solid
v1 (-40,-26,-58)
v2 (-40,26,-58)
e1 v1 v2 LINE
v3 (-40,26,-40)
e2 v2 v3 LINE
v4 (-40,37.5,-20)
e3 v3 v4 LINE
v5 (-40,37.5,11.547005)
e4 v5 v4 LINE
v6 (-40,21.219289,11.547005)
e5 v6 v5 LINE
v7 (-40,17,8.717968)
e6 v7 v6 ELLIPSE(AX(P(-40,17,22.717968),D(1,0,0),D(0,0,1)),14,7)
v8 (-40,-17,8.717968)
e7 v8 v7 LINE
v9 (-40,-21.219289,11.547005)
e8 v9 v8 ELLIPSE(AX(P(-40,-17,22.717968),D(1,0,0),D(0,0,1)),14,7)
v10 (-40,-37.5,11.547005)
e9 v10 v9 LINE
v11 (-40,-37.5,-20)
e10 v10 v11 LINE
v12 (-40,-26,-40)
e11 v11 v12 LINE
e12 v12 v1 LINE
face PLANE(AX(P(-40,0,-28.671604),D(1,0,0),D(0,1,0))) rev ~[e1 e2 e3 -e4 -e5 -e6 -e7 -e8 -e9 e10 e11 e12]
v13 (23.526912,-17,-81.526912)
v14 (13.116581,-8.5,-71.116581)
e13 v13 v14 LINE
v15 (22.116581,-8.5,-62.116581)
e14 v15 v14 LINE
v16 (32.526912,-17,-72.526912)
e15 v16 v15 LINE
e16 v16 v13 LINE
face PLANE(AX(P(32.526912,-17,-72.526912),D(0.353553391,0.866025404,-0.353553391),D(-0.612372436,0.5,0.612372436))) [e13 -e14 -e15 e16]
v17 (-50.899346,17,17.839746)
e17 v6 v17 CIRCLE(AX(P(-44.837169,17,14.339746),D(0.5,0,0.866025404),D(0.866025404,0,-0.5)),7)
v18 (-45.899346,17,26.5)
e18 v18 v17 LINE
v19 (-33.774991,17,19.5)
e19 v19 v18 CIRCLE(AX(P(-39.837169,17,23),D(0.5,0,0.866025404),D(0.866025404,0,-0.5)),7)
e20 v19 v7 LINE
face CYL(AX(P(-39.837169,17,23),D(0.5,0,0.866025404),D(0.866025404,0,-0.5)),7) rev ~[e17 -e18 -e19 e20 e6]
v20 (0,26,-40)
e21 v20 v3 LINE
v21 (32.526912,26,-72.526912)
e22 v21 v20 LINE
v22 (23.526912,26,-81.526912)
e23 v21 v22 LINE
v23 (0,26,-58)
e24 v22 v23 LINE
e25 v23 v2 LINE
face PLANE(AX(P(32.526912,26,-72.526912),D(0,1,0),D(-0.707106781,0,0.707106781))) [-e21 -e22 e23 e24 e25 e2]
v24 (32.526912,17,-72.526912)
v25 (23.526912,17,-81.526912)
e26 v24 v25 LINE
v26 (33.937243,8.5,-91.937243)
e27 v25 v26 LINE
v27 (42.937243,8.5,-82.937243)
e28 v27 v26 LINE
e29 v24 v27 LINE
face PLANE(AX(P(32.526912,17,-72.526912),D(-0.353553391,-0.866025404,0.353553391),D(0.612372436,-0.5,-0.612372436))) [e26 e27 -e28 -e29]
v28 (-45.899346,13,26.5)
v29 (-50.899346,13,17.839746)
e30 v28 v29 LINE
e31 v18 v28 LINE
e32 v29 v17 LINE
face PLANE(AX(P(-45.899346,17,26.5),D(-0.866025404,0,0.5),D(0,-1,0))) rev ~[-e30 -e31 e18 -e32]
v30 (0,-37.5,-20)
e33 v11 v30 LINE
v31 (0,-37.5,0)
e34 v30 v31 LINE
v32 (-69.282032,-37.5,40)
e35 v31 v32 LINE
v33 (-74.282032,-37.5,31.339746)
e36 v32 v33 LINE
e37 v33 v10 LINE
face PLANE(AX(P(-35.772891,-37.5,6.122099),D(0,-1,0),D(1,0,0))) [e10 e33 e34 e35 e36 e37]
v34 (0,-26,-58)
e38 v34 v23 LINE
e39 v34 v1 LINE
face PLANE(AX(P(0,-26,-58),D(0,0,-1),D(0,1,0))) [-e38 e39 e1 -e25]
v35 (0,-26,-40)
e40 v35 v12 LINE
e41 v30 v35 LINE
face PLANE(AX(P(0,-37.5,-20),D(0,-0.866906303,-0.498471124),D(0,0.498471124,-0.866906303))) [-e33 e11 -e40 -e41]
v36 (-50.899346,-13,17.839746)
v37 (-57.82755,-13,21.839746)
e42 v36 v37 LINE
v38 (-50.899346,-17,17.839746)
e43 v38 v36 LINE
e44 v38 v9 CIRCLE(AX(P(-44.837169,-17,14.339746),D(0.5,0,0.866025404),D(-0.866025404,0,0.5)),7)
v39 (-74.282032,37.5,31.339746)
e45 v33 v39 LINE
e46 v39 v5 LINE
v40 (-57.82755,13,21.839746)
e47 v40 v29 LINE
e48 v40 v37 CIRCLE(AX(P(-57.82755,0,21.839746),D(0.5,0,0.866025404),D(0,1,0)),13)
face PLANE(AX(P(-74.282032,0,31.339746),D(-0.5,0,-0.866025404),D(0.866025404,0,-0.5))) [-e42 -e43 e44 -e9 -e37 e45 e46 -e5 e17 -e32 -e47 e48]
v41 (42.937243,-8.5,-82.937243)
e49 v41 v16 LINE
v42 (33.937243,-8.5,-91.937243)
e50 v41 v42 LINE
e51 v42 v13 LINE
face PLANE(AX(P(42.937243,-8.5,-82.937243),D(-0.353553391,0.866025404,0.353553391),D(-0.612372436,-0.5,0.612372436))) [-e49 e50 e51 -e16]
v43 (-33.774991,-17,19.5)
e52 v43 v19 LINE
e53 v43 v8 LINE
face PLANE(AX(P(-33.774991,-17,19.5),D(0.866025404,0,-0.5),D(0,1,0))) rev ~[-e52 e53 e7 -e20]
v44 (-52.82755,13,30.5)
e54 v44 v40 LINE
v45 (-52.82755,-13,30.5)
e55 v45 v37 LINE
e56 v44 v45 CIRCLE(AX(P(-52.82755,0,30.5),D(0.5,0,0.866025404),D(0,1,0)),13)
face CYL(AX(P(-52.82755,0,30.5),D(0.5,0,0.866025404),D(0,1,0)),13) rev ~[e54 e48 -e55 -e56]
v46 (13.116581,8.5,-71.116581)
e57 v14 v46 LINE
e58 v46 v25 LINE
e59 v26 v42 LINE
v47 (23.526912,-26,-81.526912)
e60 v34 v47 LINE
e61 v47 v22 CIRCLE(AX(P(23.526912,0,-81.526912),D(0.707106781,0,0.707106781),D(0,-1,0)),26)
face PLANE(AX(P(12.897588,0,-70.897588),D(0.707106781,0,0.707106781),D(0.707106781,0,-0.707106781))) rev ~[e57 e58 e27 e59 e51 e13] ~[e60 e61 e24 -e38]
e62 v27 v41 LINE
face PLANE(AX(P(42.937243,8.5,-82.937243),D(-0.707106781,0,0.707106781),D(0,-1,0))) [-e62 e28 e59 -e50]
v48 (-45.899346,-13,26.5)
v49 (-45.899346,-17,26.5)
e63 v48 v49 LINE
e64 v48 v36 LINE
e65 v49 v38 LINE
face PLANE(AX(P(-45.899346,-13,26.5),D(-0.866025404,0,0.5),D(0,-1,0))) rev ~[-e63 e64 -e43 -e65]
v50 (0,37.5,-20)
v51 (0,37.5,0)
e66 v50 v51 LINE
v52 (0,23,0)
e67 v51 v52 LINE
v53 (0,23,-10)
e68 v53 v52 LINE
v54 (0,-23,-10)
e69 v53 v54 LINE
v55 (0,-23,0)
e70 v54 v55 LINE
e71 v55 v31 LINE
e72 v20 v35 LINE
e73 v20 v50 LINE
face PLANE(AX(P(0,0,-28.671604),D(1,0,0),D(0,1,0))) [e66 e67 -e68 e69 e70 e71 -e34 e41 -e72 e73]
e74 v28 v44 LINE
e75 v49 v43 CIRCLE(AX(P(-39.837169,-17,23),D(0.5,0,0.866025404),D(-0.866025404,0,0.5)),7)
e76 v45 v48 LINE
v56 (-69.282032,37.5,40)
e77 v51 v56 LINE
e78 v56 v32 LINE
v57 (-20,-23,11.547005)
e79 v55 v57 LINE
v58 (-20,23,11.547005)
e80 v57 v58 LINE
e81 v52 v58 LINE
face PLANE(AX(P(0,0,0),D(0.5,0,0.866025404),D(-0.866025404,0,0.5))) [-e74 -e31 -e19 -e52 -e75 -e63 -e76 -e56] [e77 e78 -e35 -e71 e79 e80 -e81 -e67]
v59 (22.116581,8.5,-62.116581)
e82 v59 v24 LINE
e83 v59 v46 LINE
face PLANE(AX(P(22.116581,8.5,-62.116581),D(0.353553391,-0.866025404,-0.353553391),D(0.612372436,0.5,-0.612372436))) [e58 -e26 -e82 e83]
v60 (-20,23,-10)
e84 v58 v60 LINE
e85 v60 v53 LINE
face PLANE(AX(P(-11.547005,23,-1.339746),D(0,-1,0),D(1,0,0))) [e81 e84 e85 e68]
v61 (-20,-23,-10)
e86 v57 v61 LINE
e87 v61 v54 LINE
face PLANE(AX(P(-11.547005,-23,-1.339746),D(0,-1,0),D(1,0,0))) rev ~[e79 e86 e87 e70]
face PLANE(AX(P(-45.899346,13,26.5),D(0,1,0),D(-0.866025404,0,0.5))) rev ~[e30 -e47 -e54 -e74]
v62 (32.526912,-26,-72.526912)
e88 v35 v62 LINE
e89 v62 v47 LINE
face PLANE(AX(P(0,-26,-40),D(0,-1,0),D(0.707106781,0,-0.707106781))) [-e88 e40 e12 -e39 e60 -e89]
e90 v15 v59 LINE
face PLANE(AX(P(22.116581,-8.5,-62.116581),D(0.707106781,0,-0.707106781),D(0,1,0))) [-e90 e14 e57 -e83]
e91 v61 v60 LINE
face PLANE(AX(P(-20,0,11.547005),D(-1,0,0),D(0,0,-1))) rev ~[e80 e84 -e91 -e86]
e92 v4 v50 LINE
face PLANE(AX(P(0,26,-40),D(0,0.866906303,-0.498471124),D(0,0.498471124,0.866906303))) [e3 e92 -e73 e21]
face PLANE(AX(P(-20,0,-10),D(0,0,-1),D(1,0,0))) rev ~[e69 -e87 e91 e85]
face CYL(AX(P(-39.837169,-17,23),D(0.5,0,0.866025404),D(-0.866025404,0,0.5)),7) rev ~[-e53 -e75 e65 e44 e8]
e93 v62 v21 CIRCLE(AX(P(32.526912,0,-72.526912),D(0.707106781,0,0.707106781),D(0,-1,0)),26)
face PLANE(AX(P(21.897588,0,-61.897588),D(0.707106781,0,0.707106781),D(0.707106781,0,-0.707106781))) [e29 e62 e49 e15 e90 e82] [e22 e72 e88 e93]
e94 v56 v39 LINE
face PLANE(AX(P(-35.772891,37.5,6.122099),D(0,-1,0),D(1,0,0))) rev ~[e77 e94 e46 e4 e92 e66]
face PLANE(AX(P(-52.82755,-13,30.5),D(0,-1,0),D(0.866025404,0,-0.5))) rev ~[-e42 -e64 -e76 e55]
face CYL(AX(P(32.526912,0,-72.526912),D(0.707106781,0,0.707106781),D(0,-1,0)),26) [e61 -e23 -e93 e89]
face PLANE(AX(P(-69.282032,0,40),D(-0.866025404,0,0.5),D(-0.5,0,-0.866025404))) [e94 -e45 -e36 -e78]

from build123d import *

# Parameters (mm, degrees)
F1_DEPTH = 37.5
F2_DEPTH = 23
F4_DEPTH = 40
F7_DEPTH = 12.7279220614
F9_DEPTH = 123.6680763069


with BuildPart() as f1:
    # F0 (on Front) → F1 (new body, symmetric)
    with BuildSketch(Plane.XZ):
        Polygon((-40, -20), (0, -20), (0, -10), (-20, -10), (-20, 11.5470053838), (-69.2820323028, 40), (-74.2820323028, 31.3397459622), (-40, 11.5470053838), align=None)
        Polygon((-20, -10), (0, -10), (0, 0), (-20, 11.5470053838), align=None)
    extrude(amount=F1_DEPTH, both=True)

    # F0 (on Front) → F2 (cut, symmetric)
    with BuildSketch(Plane.XZ):
        Polygon((-20, -10), (0, -10), (0, 0), (-20, 11.5470053838), align=None)
    extrude(amount=F2_DEPTH, both=True, mode=Mode.SUBTRACT)

    # F3 (on Right) → F4 (join)
    with BuildSketch(Plane.YZ):
        Polygon((37.5, -20), (-37.5, -20), (-26, -40), (26, -40), align=None)
        Polygon((26, -40), (-26, -40), (-26, -58), (0, -58), (26, -58), align=None)
    extrude(amount=-F4_DEPTH)

    # F6 (on line) → F7 (join, through all)
    with BuildSketch(Plane(origin=(-20, 0, -20), x_dir=(0.7071067812, 0, -0.7071067812), z_dir=(0.7071067812, 0, 0.7071067812))):
        with BuildLine():
            Line((74.2842712475, 26), (28.2842712475, 26))
            Line((28.2842712475, 26), (28.2842712475, -26))
            Line((28.2842712475, -26), (74.2842712475, -26))
            ThreePointArc((74.2842712475, -26), (100.2842712475, 0), (74.2842712475, 26))
        make_face()
        Polygon((59.5618393831, 8.5), (74.2842712475, 17), (89.0067031118, 8.5), (89.0067031118, -8.5), (74.2842712475, -17), (59.5618393831, -8.5), align=None, mode=Mode.SUBTRACT)
    extrude(amount=-F7_DEPTH)

    # F8 (on face) → F9 (cut, through all)
    with BuildSketch(Plane(origin=(0, 0, 0), x_dir=(0.8660254038, 0, -0.5), z_dir=(0.5, 0, 0.8660254038))):
        with BuildLine():
            ThreePointArc((-53, -17), (-46, -24), (-39, -17))
            Line((-39, -17), (-39, 17))
            ThreePointArc((-39, 17), (-46, 24), (-53, 17))
            Line((-53, 17), (-53, 13))
            Line((-53, 13), (-61, 13))
            ThreePointArc((-61, 13), (-74, 0), (-61, -13))
            Line((-61, -13), (-53, -13))
            Line((-53, -13), (-53, -17))
        make_face()
    extrude(amount=-F9_DEPTH, mode=Mode.SUBTRACT)


solid = f1.part
